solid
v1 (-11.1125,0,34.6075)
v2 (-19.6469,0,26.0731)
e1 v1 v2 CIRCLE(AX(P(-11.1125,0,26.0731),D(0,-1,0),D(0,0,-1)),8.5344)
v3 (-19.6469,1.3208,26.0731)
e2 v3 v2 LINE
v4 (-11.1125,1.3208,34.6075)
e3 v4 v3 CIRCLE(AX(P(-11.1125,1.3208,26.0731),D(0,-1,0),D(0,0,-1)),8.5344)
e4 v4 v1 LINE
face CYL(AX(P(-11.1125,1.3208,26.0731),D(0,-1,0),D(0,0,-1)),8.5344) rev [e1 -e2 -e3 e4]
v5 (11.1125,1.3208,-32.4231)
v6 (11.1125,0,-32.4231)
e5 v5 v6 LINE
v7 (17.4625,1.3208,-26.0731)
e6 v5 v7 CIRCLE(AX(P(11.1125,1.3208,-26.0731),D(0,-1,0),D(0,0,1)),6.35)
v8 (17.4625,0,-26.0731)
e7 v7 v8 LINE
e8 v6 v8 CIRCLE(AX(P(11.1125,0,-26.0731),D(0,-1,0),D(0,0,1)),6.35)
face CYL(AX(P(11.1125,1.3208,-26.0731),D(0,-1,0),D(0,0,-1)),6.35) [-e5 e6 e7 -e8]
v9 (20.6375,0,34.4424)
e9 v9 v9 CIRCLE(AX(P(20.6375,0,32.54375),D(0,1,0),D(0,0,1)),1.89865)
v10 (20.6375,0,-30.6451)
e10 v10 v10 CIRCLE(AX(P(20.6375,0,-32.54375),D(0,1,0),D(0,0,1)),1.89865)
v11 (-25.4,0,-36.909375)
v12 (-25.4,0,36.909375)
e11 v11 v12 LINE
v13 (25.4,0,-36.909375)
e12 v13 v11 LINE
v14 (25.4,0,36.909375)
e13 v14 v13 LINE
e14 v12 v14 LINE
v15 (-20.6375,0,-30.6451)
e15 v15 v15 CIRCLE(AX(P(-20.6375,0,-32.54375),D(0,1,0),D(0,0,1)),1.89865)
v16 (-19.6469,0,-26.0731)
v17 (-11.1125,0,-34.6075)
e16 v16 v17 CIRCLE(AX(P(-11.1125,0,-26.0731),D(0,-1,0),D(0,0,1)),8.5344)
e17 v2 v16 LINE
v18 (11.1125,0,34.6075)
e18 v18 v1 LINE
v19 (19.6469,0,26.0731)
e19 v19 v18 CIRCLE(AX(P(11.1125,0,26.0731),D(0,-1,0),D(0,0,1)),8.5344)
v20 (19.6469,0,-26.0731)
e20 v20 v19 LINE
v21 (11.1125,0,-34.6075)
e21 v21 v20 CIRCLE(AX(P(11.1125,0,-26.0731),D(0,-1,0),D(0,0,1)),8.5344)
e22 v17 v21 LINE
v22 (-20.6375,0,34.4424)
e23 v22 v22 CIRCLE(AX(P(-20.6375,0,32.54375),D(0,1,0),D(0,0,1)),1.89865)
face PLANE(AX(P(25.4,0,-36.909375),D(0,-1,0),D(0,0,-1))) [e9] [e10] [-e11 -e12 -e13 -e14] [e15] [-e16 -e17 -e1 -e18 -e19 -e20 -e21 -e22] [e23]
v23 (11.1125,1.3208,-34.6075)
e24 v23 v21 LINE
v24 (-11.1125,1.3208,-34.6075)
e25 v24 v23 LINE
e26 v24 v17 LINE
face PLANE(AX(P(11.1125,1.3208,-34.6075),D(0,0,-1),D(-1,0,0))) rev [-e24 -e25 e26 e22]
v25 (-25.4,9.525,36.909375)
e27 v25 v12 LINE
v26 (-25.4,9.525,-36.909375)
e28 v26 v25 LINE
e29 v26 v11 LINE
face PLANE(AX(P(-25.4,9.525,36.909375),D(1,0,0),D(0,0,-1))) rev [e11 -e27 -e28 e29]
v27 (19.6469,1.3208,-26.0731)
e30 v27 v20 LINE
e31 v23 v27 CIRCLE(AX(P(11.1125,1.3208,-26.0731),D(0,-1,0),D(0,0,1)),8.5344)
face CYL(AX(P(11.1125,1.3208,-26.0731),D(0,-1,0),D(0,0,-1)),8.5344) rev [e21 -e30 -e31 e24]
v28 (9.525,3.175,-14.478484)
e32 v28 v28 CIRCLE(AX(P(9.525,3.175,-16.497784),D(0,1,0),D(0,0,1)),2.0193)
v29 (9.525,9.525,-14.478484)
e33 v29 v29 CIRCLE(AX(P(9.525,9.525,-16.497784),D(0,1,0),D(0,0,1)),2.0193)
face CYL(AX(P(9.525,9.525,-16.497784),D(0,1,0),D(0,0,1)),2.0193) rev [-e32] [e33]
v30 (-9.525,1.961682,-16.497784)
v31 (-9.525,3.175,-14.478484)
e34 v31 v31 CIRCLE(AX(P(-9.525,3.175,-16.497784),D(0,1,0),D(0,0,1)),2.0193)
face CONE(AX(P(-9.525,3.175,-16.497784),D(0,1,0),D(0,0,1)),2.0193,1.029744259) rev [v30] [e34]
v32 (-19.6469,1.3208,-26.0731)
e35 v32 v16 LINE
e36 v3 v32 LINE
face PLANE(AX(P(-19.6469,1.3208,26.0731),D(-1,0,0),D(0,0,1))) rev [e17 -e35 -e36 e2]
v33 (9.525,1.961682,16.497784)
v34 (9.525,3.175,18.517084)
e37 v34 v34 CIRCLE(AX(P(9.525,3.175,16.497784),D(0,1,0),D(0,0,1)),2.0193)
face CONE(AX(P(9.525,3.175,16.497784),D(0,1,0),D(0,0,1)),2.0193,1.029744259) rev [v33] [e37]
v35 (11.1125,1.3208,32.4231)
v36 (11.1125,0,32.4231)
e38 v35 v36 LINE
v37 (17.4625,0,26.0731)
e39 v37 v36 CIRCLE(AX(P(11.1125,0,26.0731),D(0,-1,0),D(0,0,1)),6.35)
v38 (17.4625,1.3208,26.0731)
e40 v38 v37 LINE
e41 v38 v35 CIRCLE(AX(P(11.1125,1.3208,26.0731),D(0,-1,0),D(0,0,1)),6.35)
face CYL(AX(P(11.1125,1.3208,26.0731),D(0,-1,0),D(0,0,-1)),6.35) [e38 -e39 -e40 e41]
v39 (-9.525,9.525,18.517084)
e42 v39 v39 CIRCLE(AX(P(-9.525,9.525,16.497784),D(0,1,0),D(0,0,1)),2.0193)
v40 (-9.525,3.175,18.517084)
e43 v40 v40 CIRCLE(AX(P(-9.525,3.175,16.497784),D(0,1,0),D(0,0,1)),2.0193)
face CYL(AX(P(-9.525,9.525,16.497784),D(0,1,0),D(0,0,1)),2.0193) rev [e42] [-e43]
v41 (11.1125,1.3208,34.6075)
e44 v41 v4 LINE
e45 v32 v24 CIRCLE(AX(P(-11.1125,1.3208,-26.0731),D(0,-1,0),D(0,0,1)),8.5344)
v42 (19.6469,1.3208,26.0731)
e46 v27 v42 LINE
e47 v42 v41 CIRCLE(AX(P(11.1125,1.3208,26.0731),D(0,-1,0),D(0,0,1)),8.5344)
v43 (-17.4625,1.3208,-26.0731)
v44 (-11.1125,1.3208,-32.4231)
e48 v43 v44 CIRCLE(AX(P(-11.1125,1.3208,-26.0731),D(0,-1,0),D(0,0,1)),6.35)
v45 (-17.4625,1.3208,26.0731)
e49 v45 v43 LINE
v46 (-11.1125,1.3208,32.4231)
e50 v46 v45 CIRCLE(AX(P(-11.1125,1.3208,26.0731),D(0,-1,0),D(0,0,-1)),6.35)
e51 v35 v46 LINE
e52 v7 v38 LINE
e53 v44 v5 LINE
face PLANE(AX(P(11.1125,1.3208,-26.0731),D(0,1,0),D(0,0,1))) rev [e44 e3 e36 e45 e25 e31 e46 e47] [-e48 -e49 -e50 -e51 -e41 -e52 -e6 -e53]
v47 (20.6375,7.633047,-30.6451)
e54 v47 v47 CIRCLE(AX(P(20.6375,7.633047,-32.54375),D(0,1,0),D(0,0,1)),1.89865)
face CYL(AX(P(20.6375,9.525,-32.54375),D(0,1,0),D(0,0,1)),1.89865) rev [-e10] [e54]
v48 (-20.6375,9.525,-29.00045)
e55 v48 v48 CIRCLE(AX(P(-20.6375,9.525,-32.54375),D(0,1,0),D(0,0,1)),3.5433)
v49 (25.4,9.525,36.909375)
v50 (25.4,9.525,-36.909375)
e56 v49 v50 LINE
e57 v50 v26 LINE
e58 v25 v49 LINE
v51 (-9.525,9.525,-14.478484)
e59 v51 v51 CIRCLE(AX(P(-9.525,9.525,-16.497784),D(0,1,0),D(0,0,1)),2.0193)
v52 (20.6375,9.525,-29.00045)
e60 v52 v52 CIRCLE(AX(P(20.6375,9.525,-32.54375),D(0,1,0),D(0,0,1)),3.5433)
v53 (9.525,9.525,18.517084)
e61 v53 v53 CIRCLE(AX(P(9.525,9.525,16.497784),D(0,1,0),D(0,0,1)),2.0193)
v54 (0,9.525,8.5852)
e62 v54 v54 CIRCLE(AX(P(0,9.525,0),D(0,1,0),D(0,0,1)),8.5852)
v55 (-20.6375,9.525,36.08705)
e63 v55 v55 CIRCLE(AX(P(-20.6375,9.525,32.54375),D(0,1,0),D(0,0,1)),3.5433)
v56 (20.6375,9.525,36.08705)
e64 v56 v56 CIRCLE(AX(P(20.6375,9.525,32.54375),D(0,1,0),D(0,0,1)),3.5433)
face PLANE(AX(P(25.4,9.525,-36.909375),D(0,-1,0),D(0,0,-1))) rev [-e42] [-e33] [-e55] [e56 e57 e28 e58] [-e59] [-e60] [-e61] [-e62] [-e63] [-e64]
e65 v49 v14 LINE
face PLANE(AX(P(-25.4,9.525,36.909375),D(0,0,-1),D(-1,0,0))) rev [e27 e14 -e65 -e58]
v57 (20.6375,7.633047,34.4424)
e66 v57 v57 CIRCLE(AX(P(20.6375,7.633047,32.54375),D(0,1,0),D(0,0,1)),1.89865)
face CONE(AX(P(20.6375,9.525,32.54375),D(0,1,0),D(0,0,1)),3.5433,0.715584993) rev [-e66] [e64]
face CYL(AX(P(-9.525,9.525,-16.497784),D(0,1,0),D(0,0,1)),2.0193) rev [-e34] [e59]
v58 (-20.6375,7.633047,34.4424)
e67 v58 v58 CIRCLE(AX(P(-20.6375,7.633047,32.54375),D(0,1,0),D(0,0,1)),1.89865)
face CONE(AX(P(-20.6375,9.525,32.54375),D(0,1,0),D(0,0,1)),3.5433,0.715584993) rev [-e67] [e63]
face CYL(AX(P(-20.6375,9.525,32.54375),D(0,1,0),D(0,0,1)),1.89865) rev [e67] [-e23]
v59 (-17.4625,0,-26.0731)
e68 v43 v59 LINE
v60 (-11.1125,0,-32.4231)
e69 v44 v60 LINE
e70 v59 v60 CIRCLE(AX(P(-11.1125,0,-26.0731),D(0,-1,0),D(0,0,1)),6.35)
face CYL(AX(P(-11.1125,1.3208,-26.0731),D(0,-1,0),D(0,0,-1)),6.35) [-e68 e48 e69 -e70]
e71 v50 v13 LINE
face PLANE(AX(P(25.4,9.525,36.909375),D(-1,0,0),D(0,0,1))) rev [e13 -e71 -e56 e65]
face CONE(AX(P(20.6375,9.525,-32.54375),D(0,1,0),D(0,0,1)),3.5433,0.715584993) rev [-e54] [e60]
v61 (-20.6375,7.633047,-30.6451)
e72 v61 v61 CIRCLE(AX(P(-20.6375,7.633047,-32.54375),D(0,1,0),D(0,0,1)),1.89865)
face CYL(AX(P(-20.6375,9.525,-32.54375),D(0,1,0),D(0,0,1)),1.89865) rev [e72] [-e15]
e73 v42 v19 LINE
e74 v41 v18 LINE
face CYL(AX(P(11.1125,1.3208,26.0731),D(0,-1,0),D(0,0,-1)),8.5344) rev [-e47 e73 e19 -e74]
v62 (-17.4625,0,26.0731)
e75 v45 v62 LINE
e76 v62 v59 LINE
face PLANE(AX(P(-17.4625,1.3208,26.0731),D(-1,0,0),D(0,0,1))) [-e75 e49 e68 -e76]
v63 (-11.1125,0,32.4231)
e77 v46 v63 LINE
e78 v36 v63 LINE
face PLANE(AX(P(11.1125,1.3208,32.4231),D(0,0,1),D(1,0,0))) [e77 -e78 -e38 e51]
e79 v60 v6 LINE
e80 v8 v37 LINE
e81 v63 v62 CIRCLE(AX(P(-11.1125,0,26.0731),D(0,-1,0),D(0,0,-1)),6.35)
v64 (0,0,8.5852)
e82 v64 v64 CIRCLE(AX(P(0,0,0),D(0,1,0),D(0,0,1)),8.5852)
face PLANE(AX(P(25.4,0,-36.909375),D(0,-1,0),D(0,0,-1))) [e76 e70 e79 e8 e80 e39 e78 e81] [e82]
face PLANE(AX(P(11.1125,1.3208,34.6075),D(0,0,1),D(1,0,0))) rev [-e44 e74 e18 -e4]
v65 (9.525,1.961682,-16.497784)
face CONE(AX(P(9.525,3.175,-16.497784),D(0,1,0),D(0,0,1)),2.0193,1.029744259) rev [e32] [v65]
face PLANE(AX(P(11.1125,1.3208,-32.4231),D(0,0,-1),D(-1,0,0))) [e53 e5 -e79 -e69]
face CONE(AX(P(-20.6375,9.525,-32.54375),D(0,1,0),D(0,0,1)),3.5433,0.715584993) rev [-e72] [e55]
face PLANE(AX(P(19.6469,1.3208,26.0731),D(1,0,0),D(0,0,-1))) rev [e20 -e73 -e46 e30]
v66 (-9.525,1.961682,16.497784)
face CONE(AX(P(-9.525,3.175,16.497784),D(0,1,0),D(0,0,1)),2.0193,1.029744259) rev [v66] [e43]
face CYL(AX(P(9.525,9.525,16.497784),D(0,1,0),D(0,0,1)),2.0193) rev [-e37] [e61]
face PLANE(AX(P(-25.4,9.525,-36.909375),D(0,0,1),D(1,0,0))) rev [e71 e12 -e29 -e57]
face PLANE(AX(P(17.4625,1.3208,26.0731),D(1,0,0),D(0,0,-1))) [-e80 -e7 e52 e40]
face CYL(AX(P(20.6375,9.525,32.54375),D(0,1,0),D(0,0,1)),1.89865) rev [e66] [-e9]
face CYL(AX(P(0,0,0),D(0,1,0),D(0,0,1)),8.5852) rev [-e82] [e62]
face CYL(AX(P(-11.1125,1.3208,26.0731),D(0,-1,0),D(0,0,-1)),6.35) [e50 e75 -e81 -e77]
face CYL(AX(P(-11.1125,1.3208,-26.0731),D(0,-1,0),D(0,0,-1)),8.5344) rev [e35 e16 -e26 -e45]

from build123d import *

# Parameters (mm, degrees)
SKETCH1_W                                      = 50.8
SKETCH1_H                                      = 73.81875
BOSS_EXTRUDE1_DEPTH                            = 9.525
CSK_FOR_6_FLAT_HEAD_MACHINE_SCREW1_D           = 3.7973
CSK_FOR_6_FLAT_HEAD_MACHINE_SCREW1_CSINK_D     = 7.0866
CSK_FOR_6_FLAT_HEAD_MACHINE_SCREW1_CSINK_ANGLE = 82
CUT_EXTRUDE1_DASH_036_DEPTH                    = 1.3208
SKETCH5_R                                      = 8.5852
CUT_EXTRUDE1_DEPTH                             = 10.525
CIRPATTERN1_COUNT                              = 6


with BuildPart() as part:
    # Sketch1 → Boss-Extrude1 (new body)
    with BuildSketch(Plane(origin=(0, 0, 0), x_dir=(1, 0, 0), z_dir=(0, 1, 0))):
        Rectangle(SKETCH1_W, SKETCH1_H)
    extrude(amount=BOSS_EXTRUDE1_DEPTH)

    # CSK for #6 Flat Head Machine Screw1 (through all)
    with Locations(Plane(origin=(0, 9.525, 0), x_dir=(-1, 0, 0), z_dir=(0, 1, 0))):
        with Locations((20.6375, -32.54375), (-20.6375, -32.54375), (-20.6375, 32.54375), (20.6375, 32.54375)):
            CounterSinkHole(CSK_FOR_6_FLAT_HEAD_MACHINE_SCREW1_D / 2, CSK_FOR_6_FLAT_HEAD_MACHINE_SCREW1_CSINK_D / 2, counter_sink_angle=CSK_FOR_6_FLAT_HEAD_MACHINE_SCREW1_CSINK_ANGLE)

    # Sketch4 → Cut-Extrude1 - dash 036 (cut)
    with BuildSketch(Plane(origin=(0, 0, 0), x_dir=(-1, 0, 0), z_dir=(0, -1, 0))):
        with BuildLine():
            Line((-11.1125, 34.6075), (11.1125, 34.6075))
            ThreePointArc((11.1125, 34.6075), (17.147232113, 32.107832113), (19.6469, 26.0731))
            Line((19.6469, 26.0731), (19.6469, -26.0731))
            ThreePointArc((19.6469, -26.0731), (17.147232113, -32.107832113), (11.1125, -34.6075))
            Line((11.1125, -34.6075), (-11.1125, -34.6075))
            ThreePointArc((-11.1125, -34.6075), (-17.147232113, -32.107832113), (-19.6469, -26.0731))
            Line((-19.6469, -26.0731), (-19.6469, 26.0731))
            ThreePointArc((-19.6469, 26.0731), (-17.147232113, 32.107832113), (-11.1125, 34.6075))
        make_face()
        with BuildLine():
            Line((-11.1125, -32.4231), (11.1125, -32.4231))
            ThreePointArc((11.1125, -32.4231), (15.602628061, -30.563228061), (17.4625, -26.0731))
            Line((17.4625, -26.0731), (17.4625, 26.0731))
            ThreePointArc((17.4625, 26.0731), (15.602628061, 30.563228061), (11.1125, 32.4231))
            Line((11.1125, 32.4231), (-11.1125, 32.4231))
            ThreePointArc((-11.1125, 32.4231), (-15.602628061, 30.563228061), (-17.4625, 26.0731))
            Line((-17.4625, 26.0731), (-17.4625, -26.0731))
            ThreePointArc((-17.4625, -26.0731), (-15.602628061, -30.563228061), (-11.1125, -32.4231))
        make_face(mode=Mode.SUBTRACT)
    extrude(amount=-CUT_EXTRUDE1_DASH_036_DEPTH, mode=Mode.SUBTRACT)

    # Sketch5 → Cut-Extrude1 (cut, through all)
    with BuildSketch(Plane(origin=(0, 9.525, 0), x_dir=(1, 0, 0), z_dir=(0, 1, 0))):
        Circle(SKETCH5_R)
    extrude(amount=-CUT_EXTRUDE1_DEPTH, mode=Mode.SUBTRACT)

    # Sketch9 → #10-32 Tapped Hole2 (revolve, cut)
    with BuildSketch(Plane(origin=(9.525, 9.525, -16.497783942), x_dir=(0, 0, 1), z_dir=(1, 0, 0))):
        Polygon((0, 0), (0, 7.563317848), (2.0193, 6.35), (2.0193, 0), align=None)
    f_10_32_tapped_hole2 = revolve(axis=Axis((9.525, 15.875, -16.497783942), (0, -1, 0)), mode=Mode.SUBTRACT)

    # CirPattern1: #10-32 Tapped Hole2 ×6 about axis, 2 skipped
    cirpattern1_axis = Axis((0, 0, 0), (0, 1, 0))
    add([f_10_32_tapped_hole2.rotate(cirpattern1_axis, i * 360 / CIRPATTERN1_COUNT) for i in range(1, CIRPATTERN1_COUNT) if i not in (2, 5)], mode=Mode.SUBTRACT)


solid = part.part
